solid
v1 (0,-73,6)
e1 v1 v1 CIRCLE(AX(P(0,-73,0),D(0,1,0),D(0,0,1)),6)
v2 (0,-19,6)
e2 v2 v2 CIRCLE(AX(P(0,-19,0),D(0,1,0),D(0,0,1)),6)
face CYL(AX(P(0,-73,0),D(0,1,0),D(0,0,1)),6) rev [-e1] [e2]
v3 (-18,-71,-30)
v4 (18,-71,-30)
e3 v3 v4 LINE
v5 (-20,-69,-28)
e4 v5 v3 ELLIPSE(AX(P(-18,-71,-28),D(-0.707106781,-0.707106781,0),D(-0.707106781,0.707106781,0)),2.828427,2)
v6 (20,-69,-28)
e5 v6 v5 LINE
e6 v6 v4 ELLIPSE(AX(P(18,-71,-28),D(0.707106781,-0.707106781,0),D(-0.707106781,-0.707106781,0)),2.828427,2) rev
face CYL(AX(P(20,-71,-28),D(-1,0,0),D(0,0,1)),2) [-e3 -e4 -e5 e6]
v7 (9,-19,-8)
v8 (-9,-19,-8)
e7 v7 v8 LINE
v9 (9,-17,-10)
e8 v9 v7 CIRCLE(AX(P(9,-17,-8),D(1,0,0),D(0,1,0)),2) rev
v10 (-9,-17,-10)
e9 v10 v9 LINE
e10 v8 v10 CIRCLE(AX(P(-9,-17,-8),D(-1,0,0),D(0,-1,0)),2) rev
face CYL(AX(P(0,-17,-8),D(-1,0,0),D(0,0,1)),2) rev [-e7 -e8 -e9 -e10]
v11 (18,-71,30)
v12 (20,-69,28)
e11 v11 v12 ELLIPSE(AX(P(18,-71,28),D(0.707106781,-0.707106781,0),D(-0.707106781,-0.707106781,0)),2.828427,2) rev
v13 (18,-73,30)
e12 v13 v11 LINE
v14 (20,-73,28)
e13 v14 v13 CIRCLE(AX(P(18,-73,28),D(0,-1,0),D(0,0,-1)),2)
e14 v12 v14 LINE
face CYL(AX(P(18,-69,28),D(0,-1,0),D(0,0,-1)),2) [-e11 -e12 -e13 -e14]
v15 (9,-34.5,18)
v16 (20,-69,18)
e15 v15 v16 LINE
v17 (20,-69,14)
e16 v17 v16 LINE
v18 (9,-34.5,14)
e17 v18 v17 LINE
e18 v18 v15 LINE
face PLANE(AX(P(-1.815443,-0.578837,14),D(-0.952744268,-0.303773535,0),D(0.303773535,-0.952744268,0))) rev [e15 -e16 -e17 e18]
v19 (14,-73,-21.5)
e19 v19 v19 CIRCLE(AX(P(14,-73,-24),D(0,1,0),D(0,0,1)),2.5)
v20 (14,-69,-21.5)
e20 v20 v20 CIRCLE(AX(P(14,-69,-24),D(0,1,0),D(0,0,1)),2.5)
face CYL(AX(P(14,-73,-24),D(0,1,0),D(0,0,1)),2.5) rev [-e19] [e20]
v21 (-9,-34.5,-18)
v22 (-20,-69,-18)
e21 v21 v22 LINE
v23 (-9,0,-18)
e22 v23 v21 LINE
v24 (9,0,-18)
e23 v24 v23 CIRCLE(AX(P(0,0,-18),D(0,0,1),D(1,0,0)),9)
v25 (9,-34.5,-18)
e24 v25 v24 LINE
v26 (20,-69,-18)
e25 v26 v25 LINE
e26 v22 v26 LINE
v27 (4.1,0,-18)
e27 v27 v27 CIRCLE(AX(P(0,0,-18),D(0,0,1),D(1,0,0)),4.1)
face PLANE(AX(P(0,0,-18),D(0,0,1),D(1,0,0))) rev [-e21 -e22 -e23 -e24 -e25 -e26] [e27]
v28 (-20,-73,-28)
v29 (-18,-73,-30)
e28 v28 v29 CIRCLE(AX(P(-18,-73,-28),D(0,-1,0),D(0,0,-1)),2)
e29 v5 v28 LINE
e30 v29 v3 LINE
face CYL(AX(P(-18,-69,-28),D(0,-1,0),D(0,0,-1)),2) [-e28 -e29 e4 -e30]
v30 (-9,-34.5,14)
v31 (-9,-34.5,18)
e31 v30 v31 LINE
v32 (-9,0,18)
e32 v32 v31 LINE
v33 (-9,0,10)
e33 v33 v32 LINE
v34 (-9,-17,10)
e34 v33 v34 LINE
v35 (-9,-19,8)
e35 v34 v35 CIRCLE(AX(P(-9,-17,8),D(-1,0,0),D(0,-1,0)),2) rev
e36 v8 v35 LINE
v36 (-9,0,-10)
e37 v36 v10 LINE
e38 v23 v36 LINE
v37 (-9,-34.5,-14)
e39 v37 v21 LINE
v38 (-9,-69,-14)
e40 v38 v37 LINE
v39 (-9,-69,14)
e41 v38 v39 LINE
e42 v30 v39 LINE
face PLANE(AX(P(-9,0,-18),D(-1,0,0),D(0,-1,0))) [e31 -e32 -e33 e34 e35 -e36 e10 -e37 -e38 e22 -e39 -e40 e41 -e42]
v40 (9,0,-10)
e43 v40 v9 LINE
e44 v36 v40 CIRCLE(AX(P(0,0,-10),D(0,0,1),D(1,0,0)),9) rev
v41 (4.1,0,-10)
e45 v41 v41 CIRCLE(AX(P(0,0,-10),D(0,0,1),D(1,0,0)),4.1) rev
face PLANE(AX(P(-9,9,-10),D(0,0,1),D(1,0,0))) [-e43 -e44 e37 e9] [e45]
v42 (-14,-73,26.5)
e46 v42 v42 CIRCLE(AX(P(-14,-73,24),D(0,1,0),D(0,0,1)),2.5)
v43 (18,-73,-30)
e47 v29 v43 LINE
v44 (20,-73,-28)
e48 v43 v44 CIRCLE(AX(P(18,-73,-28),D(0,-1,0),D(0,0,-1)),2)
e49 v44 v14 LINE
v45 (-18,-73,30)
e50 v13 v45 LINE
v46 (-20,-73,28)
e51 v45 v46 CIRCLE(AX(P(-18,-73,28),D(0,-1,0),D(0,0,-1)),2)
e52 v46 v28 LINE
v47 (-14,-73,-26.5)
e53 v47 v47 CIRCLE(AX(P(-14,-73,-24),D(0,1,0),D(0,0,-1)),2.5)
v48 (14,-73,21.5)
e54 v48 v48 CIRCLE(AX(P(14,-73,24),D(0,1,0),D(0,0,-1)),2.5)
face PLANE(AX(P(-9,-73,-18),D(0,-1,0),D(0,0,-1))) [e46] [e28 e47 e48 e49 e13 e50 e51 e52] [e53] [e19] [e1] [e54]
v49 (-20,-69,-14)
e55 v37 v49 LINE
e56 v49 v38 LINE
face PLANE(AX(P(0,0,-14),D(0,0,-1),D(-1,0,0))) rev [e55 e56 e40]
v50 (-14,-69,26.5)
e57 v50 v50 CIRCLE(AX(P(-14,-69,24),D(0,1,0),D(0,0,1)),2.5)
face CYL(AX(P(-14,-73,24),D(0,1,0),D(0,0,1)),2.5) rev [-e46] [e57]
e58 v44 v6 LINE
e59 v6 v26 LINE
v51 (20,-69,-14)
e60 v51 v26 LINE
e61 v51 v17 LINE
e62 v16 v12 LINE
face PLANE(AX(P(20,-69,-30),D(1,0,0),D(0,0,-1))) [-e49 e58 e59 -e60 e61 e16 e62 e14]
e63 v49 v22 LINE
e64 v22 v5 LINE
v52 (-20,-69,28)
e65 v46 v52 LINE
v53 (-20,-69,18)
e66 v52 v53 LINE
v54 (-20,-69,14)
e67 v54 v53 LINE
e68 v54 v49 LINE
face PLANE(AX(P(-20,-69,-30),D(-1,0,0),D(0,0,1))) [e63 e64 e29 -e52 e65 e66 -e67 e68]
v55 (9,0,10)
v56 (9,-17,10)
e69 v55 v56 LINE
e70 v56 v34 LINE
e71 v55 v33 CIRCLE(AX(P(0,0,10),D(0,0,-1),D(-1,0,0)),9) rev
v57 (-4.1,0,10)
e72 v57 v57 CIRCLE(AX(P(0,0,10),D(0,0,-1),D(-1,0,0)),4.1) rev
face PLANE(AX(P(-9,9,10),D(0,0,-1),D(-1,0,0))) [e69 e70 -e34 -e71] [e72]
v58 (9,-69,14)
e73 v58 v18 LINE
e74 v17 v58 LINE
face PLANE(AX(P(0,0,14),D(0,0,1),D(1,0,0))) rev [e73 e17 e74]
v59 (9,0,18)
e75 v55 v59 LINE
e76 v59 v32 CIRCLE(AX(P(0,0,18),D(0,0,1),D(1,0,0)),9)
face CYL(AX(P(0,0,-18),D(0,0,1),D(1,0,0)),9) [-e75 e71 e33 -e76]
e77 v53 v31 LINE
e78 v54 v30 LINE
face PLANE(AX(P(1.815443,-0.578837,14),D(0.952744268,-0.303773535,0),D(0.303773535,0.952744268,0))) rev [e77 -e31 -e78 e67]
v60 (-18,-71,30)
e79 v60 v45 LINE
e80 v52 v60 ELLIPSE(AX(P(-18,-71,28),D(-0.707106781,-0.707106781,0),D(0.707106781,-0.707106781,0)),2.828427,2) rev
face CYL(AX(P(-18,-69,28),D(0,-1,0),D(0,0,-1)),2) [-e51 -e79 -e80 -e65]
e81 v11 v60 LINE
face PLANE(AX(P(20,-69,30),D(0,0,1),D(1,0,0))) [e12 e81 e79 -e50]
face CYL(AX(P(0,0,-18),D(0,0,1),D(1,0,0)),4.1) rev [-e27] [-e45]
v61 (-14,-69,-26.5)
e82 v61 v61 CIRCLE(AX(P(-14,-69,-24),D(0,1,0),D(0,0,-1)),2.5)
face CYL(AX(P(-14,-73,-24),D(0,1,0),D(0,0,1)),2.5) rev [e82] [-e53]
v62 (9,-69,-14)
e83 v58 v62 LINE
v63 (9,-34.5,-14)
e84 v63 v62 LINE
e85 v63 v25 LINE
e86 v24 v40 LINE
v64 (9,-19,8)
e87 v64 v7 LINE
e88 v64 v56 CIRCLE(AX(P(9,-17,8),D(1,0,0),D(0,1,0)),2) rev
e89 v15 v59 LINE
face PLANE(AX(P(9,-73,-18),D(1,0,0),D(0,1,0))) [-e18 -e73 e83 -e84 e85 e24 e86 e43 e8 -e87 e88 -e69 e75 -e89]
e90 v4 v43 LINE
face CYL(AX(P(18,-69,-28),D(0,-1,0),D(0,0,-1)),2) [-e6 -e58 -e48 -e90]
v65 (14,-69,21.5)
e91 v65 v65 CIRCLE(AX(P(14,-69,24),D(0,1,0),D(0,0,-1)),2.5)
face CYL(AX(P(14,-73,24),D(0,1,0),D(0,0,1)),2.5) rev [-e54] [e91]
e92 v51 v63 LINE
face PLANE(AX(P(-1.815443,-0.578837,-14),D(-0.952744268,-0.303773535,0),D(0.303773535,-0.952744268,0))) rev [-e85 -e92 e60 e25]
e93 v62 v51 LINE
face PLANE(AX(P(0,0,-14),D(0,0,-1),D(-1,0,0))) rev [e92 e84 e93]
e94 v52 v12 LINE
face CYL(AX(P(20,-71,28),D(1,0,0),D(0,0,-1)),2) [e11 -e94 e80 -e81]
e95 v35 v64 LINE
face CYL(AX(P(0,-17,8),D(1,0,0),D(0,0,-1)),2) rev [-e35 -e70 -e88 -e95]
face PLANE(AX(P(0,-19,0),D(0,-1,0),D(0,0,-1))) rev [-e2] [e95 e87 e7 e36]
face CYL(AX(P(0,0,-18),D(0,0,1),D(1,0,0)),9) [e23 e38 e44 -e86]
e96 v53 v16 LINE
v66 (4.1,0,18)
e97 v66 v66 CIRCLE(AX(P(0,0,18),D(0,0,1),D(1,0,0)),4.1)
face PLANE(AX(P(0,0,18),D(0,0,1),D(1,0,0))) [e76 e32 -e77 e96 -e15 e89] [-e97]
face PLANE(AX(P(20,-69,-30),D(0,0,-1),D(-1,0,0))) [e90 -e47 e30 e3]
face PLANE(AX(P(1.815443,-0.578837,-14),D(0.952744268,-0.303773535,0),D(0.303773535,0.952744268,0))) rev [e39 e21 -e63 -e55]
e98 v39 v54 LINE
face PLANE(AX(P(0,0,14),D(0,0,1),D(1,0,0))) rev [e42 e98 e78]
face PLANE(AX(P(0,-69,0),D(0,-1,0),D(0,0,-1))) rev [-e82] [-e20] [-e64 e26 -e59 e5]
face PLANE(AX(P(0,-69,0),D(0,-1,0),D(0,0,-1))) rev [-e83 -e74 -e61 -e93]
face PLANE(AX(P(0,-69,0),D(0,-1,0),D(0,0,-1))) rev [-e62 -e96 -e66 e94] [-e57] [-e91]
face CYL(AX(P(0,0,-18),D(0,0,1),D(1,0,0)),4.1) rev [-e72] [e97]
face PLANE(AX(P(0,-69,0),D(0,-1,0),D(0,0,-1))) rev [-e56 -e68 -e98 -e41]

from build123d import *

# Parameters (mm, degrees)
SKETCH_1_R           = 4.1
EXTRUDE_1_DEPTH      = 18
EXTRUDE_1_DEPTH_BACK = 18
SKETCH_3_W           = 40
SKETCH_3_H           = 60
EXTRUDE_2_DEPTH      = 4
CUT_EXTRUDE_START    = 50
SKETCH_4_W           = 18
SKETCH_4_H           = 20
CUT_EXTRUDE_1_DEPTH  = 29
SKETCH_5_R           = 6
CUT_EXTRUDE_2_DEPTH  = 55
EXTRUDE_START        = 18
EXTRUDE_3_DEPTH      = 4
EXTRUDE_START_2      = -18
EXTRUDE_4_DEPTH      = 4
SKETCH_7_R           = 2.5
CUT_EXTRUDE_4_DEPTH  = 5
FILLET_1_R           = 2


with BuildPart() as part:
    # Эскиз1 → Бобышка-Вытянуть1 (new body, two sides)
    with BuildSketch(Plane.XY) as extrude_1_sk:
        with BuildLine():
            Line((-9, 0), (-9, -73))
            Line((-9, -73), (9, -73))
            Line((9, -73), (9, 0))
            ThreePointArc((9, 0), (0, 9), (-9, 0))
        make_face()
        Circle(SKETCH_1_R, mode=Mode.SUBTRACT)
    extrude(amount=EXTRUDE_1_DEPTH)
    extrude(extrude_1_sk.sketch, amount=-EXTRUDE_1_DEPTH_BACK)

    # Эскиз3 → Бобышка-Вытянуть2 (add)
    with BuildSketch(Plane.XZ.offset(73)):
        Rectangle(SKETCH_3_W, SKETCH_3_H)
    extrude(amount=-EXTRUDE_2_DEPTH)

    # Эскиз4 → Вырез-Вытянуть1 (cut, through all)
    with BuildSketch(Plane(origin=(0, -69, 0), x_dir=(1, 0, 0), z_dir=(0, 1, 0)).offset(CUT_EXTRUDE_START)):
        Rectangle(SKETCH_4_W, SKETCH_4_H)
    extrude(amount=CUT_EXTRUDE_1_DEPTH, mode=Mode.SUBTRACT)

    # Эскиз5 → Вырез-Вытянуть2 (cut, through all)
    with BuildSketch(Plane(origin=(0, -19, 0), x_dir=(1, 0, 0), z_dir=(0, 1, 0))):
        Circle(SKETCH_5_R)
    extrude(amount=-CUT_EXTRUDE_2_DEPTH, mode=Mode.SUBTRACT)

    # Эскиз6 → Бобышка-Вытянуть3 (add)
    with BuildSketch(Plane.XY.offset(EXTRUDE_START)):
        Polygon((-20, -69), (-9, -34.5), (-9, -69), align=None)
        Polygon((9, -34.5), (20, -69), (9, -69), align=None)
    extrude(amount=-EXTRUDE_3_DEPTH)

    # Эскиз6<3> → Бобышка-Вытянуть4 (add)
    with BuildSketch(Plane.XY.offset(EXTRUDE_START_2)):
        Polygon((-20, -69), (-9, -34.5), (-9, -69), align=None)
        Polygon((9, -34.5), (20, -69), (9, -69), align=None)
    extrude(amount=EXTRUDE_4_DEPTH)

    # Эскиз7 → Вырез-Вытянуть4 (cut, through all)
    with BuildSketch(Plane(origin=(0, -69, 0), x_dir=(1, 0, 0), z_dir=(0, 1, 0))):
        with Locations((-14, -24)):
            Circle(SKETCH_7_R)
        with Locations((-14, 24)):
            Circle(SKETCH_7_R)
        with Locations((14, 24)):
            Circle(SKETCH_7_R)
        with Locations((14, -24)):
            Circle(SKETCH_7_R)
    extrude(amount=-CUT_EXTRUDE_4_DEPTH, mode=Mode.SUBTRACT)

    # Скругление1
    fillet_1_edges = [part.edges().sort_by_distance(p)[0] for p in [
        (-20, -71, -30),
        (0, -69, 30),
        (-20, -71, 30),
        (20, -71, 30),
        (0, -69, -30),
        (20, -71, -30),
        (0, -19, -10),
        (0, -19, 10),
    ]]
    fillet(fillet_1_edges, radius=FILLET_1_R)


solid = part.part
